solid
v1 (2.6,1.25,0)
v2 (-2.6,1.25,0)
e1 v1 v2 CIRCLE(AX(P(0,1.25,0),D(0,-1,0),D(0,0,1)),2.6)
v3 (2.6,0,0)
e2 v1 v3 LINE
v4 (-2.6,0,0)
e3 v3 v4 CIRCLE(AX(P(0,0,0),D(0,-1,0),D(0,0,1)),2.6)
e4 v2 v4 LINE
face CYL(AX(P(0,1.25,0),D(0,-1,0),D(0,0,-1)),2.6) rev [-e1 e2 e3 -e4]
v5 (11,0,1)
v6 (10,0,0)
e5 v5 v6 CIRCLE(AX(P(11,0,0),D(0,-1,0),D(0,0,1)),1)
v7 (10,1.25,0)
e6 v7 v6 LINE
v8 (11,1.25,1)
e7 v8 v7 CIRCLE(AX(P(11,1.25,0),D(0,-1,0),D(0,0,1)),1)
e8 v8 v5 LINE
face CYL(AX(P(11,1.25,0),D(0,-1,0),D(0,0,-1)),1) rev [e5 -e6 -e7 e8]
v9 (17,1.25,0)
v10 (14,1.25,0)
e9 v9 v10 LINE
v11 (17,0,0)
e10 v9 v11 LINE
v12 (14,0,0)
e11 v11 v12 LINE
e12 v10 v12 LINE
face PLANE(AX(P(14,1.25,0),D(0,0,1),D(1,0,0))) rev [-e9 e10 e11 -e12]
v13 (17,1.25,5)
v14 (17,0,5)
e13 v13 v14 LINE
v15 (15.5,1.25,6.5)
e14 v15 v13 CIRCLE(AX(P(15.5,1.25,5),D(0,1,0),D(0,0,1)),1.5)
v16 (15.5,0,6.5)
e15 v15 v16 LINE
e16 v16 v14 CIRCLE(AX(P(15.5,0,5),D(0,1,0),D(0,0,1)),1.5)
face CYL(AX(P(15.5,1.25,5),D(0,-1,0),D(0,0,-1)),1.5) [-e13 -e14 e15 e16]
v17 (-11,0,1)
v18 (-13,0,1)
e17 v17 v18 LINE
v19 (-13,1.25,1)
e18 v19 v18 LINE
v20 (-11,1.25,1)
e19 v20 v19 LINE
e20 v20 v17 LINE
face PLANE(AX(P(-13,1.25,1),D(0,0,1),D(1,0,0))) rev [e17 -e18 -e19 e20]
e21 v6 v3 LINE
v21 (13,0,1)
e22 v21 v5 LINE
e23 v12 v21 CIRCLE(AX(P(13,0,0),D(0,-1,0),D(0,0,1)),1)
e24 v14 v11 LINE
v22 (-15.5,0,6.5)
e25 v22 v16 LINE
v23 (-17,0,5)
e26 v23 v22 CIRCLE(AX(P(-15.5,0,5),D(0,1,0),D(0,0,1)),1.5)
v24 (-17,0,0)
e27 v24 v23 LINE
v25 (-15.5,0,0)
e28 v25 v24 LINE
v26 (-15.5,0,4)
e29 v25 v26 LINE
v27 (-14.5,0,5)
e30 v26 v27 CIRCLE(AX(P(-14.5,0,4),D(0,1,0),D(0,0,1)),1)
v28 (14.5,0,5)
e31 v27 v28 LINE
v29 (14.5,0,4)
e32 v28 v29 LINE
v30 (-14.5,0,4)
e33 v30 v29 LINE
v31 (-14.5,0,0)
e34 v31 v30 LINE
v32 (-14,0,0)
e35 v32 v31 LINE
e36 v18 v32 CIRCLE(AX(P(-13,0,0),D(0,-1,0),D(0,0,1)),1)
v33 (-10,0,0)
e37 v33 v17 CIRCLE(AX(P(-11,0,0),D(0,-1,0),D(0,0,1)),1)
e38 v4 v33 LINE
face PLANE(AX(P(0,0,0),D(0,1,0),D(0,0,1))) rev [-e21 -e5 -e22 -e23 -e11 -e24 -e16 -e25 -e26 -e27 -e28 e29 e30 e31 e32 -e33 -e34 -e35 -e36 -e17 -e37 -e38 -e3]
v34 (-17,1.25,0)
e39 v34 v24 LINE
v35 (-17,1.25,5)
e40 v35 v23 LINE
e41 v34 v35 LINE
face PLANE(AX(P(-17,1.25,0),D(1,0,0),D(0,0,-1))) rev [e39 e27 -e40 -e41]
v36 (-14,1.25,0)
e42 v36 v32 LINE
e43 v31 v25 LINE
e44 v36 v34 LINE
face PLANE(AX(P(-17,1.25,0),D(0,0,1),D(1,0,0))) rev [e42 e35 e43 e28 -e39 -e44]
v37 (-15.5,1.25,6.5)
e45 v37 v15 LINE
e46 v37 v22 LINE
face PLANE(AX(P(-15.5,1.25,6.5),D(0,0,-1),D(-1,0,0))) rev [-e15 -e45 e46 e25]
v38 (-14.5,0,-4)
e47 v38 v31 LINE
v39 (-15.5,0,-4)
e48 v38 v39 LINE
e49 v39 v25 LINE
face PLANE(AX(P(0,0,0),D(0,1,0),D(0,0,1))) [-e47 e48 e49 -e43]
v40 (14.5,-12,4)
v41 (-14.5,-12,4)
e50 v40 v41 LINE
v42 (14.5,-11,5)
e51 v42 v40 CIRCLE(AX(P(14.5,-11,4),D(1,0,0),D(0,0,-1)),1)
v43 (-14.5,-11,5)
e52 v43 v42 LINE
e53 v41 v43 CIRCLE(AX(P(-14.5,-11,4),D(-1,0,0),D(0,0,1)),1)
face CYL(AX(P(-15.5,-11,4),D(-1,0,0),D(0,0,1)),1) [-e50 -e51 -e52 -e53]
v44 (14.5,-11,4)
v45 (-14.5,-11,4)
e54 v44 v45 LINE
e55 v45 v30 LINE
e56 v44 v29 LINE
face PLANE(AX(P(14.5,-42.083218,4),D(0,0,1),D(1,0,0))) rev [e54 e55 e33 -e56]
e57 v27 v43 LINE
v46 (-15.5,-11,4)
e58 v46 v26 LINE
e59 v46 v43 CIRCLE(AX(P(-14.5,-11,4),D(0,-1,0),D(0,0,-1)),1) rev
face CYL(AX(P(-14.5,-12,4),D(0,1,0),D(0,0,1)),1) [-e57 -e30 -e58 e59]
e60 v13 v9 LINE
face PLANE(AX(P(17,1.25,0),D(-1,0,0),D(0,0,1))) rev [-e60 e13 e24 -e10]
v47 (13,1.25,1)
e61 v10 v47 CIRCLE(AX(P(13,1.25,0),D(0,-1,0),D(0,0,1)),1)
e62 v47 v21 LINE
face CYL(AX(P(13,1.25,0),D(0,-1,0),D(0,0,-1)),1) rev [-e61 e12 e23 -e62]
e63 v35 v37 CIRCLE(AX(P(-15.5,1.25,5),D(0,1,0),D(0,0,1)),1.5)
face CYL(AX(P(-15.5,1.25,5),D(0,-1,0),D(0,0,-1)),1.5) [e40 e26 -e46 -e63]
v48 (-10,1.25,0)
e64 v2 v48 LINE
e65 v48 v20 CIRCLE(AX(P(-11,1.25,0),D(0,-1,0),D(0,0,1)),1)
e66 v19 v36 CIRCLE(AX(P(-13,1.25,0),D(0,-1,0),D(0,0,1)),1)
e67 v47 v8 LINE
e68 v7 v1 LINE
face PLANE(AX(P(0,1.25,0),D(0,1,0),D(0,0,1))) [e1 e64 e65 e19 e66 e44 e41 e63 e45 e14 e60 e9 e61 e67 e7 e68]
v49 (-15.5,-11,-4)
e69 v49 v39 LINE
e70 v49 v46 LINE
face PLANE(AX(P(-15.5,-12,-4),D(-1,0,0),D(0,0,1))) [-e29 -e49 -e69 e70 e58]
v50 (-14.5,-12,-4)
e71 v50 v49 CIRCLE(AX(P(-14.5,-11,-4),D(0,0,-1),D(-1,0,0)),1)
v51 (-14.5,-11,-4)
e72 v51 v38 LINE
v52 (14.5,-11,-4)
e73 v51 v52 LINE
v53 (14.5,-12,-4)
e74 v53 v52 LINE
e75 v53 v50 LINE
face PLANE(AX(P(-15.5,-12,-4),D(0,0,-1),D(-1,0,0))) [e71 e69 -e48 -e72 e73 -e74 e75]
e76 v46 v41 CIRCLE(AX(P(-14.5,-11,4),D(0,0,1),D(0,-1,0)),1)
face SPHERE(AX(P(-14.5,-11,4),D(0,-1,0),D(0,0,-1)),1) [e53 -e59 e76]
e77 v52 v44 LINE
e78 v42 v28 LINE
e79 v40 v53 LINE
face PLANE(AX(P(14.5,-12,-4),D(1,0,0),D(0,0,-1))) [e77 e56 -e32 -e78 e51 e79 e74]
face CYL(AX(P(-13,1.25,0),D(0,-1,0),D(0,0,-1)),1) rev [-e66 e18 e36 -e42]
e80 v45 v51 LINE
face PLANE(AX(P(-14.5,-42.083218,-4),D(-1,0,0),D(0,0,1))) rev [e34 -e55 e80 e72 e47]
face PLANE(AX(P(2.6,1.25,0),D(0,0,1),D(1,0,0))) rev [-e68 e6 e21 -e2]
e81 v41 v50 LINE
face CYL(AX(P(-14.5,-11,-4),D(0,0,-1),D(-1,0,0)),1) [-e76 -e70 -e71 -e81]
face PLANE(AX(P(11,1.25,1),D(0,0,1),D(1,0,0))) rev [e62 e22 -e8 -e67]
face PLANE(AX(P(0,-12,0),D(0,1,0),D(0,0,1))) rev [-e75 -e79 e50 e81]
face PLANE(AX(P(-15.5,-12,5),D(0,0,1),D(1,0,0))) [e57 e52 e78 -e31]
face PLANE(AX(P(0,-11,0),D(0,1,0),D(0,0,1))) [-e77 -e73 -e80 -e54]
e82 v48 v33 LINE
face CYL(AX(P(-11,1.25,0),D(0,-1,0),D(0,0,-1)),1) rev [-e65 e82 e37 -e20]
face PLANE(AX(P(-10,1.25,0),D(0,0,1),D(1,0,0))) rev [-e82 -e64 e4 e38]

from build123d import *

# Parameters (mm, degrees)
SKETCH_1_W          = 30
SKETCH_1_H          = 9
EXTRUDE_3_DEPTH     = 12
SKETCH_5_W          = 29
SKETCH_5_H          = 8
CUT_EXTRUDE_4_DEPTH = 11
EXTRUDE_5_DEPTH     = 1.25
FILLET_4_R          = 1


with BuildPart() as part:
    # 草图1 → 凸台-拉伸3 (new body)
    with BuildSketch(Plane(origin=(0, 0, 0), x_dir=(1, 0, 0), z_dir=(0, 1, 0))):
        with Locations((-0.5, -0.5)):
            Rectangle(SKETCH_1_W, SKETCH_1_H)
    extrude(amount=-EXTRUDE_3_DEPTH)

    # 草图5 → 切除-拉伸4 (cut)
    with BuildSketch(Plane(origin=(0, 0, 0), x_dir=(1, 0, 0), z_dir=(0, 1, 0))):
        Rectangle(SKETCH_5_W, SKETCH_5_H)
    extrude(amount=-CUT_EXTRUDE_4_DEPTH, mode=Mode.SUBTRACT)

    # 草图6 → 凸台-拉伸5 (add)
    with BuildSketch(Plane(origin=(0, 0, 0), x_dir=(1, 0, 0), z_dir=(0, 1, 0))):
        with BuildLine():
            Line((-17, 0), (-14, 0))
            ThreePointArc((-14, 0), (-13.707106781, -0.707106781), (-13, -1))
            Line((-13, -1), (-11, -1))
            ThreePointArc((-11, -1), (-10.292893219, -0.707106781), (-10, 0))
            Line((-10, 0), (-2.6, 0))
            ThreePointArc((-2.6, 0), (0, -2.6), (2.6, 0))
            Line((2.6, 0), (10, 0))
            ThreePointArc((10, 0), (10.292893219, -0.707106781), (11, -1))
            Line((11, -1), (13, -1))
            ThreePointArc((13, -1), (13.707106781, -0.707106781), (14, 0))
            Line((14, 0), (17, 0))
            Line((17, 0), (17, -5))
            ThreePointArc((17, -5), (16.560660172, -6.060660172), (15.5, -6.5))
            Line((15.5, -6.5), (-15.5, -6.5))
            ThreePointArc((-15.5, -6.5), (-16.560660172, -6.060660172), (-17, -5))
            Line((-17, -5), (-17, 0))
        make_face()
    extrude(amount=EXTRUDE_5_DEPTH)

    # 圆角4
    fillet_4_edges = [part.edges().sort_by_distance(p)[0] for p in [
        (-15.5, -12, 0.5),
        (-0.5, -12, 5),
        (-15.5, -6, 5),
    ]]
    fillet(fillet_4_edges, radius=FILLET_4_R)


solid = part.part
